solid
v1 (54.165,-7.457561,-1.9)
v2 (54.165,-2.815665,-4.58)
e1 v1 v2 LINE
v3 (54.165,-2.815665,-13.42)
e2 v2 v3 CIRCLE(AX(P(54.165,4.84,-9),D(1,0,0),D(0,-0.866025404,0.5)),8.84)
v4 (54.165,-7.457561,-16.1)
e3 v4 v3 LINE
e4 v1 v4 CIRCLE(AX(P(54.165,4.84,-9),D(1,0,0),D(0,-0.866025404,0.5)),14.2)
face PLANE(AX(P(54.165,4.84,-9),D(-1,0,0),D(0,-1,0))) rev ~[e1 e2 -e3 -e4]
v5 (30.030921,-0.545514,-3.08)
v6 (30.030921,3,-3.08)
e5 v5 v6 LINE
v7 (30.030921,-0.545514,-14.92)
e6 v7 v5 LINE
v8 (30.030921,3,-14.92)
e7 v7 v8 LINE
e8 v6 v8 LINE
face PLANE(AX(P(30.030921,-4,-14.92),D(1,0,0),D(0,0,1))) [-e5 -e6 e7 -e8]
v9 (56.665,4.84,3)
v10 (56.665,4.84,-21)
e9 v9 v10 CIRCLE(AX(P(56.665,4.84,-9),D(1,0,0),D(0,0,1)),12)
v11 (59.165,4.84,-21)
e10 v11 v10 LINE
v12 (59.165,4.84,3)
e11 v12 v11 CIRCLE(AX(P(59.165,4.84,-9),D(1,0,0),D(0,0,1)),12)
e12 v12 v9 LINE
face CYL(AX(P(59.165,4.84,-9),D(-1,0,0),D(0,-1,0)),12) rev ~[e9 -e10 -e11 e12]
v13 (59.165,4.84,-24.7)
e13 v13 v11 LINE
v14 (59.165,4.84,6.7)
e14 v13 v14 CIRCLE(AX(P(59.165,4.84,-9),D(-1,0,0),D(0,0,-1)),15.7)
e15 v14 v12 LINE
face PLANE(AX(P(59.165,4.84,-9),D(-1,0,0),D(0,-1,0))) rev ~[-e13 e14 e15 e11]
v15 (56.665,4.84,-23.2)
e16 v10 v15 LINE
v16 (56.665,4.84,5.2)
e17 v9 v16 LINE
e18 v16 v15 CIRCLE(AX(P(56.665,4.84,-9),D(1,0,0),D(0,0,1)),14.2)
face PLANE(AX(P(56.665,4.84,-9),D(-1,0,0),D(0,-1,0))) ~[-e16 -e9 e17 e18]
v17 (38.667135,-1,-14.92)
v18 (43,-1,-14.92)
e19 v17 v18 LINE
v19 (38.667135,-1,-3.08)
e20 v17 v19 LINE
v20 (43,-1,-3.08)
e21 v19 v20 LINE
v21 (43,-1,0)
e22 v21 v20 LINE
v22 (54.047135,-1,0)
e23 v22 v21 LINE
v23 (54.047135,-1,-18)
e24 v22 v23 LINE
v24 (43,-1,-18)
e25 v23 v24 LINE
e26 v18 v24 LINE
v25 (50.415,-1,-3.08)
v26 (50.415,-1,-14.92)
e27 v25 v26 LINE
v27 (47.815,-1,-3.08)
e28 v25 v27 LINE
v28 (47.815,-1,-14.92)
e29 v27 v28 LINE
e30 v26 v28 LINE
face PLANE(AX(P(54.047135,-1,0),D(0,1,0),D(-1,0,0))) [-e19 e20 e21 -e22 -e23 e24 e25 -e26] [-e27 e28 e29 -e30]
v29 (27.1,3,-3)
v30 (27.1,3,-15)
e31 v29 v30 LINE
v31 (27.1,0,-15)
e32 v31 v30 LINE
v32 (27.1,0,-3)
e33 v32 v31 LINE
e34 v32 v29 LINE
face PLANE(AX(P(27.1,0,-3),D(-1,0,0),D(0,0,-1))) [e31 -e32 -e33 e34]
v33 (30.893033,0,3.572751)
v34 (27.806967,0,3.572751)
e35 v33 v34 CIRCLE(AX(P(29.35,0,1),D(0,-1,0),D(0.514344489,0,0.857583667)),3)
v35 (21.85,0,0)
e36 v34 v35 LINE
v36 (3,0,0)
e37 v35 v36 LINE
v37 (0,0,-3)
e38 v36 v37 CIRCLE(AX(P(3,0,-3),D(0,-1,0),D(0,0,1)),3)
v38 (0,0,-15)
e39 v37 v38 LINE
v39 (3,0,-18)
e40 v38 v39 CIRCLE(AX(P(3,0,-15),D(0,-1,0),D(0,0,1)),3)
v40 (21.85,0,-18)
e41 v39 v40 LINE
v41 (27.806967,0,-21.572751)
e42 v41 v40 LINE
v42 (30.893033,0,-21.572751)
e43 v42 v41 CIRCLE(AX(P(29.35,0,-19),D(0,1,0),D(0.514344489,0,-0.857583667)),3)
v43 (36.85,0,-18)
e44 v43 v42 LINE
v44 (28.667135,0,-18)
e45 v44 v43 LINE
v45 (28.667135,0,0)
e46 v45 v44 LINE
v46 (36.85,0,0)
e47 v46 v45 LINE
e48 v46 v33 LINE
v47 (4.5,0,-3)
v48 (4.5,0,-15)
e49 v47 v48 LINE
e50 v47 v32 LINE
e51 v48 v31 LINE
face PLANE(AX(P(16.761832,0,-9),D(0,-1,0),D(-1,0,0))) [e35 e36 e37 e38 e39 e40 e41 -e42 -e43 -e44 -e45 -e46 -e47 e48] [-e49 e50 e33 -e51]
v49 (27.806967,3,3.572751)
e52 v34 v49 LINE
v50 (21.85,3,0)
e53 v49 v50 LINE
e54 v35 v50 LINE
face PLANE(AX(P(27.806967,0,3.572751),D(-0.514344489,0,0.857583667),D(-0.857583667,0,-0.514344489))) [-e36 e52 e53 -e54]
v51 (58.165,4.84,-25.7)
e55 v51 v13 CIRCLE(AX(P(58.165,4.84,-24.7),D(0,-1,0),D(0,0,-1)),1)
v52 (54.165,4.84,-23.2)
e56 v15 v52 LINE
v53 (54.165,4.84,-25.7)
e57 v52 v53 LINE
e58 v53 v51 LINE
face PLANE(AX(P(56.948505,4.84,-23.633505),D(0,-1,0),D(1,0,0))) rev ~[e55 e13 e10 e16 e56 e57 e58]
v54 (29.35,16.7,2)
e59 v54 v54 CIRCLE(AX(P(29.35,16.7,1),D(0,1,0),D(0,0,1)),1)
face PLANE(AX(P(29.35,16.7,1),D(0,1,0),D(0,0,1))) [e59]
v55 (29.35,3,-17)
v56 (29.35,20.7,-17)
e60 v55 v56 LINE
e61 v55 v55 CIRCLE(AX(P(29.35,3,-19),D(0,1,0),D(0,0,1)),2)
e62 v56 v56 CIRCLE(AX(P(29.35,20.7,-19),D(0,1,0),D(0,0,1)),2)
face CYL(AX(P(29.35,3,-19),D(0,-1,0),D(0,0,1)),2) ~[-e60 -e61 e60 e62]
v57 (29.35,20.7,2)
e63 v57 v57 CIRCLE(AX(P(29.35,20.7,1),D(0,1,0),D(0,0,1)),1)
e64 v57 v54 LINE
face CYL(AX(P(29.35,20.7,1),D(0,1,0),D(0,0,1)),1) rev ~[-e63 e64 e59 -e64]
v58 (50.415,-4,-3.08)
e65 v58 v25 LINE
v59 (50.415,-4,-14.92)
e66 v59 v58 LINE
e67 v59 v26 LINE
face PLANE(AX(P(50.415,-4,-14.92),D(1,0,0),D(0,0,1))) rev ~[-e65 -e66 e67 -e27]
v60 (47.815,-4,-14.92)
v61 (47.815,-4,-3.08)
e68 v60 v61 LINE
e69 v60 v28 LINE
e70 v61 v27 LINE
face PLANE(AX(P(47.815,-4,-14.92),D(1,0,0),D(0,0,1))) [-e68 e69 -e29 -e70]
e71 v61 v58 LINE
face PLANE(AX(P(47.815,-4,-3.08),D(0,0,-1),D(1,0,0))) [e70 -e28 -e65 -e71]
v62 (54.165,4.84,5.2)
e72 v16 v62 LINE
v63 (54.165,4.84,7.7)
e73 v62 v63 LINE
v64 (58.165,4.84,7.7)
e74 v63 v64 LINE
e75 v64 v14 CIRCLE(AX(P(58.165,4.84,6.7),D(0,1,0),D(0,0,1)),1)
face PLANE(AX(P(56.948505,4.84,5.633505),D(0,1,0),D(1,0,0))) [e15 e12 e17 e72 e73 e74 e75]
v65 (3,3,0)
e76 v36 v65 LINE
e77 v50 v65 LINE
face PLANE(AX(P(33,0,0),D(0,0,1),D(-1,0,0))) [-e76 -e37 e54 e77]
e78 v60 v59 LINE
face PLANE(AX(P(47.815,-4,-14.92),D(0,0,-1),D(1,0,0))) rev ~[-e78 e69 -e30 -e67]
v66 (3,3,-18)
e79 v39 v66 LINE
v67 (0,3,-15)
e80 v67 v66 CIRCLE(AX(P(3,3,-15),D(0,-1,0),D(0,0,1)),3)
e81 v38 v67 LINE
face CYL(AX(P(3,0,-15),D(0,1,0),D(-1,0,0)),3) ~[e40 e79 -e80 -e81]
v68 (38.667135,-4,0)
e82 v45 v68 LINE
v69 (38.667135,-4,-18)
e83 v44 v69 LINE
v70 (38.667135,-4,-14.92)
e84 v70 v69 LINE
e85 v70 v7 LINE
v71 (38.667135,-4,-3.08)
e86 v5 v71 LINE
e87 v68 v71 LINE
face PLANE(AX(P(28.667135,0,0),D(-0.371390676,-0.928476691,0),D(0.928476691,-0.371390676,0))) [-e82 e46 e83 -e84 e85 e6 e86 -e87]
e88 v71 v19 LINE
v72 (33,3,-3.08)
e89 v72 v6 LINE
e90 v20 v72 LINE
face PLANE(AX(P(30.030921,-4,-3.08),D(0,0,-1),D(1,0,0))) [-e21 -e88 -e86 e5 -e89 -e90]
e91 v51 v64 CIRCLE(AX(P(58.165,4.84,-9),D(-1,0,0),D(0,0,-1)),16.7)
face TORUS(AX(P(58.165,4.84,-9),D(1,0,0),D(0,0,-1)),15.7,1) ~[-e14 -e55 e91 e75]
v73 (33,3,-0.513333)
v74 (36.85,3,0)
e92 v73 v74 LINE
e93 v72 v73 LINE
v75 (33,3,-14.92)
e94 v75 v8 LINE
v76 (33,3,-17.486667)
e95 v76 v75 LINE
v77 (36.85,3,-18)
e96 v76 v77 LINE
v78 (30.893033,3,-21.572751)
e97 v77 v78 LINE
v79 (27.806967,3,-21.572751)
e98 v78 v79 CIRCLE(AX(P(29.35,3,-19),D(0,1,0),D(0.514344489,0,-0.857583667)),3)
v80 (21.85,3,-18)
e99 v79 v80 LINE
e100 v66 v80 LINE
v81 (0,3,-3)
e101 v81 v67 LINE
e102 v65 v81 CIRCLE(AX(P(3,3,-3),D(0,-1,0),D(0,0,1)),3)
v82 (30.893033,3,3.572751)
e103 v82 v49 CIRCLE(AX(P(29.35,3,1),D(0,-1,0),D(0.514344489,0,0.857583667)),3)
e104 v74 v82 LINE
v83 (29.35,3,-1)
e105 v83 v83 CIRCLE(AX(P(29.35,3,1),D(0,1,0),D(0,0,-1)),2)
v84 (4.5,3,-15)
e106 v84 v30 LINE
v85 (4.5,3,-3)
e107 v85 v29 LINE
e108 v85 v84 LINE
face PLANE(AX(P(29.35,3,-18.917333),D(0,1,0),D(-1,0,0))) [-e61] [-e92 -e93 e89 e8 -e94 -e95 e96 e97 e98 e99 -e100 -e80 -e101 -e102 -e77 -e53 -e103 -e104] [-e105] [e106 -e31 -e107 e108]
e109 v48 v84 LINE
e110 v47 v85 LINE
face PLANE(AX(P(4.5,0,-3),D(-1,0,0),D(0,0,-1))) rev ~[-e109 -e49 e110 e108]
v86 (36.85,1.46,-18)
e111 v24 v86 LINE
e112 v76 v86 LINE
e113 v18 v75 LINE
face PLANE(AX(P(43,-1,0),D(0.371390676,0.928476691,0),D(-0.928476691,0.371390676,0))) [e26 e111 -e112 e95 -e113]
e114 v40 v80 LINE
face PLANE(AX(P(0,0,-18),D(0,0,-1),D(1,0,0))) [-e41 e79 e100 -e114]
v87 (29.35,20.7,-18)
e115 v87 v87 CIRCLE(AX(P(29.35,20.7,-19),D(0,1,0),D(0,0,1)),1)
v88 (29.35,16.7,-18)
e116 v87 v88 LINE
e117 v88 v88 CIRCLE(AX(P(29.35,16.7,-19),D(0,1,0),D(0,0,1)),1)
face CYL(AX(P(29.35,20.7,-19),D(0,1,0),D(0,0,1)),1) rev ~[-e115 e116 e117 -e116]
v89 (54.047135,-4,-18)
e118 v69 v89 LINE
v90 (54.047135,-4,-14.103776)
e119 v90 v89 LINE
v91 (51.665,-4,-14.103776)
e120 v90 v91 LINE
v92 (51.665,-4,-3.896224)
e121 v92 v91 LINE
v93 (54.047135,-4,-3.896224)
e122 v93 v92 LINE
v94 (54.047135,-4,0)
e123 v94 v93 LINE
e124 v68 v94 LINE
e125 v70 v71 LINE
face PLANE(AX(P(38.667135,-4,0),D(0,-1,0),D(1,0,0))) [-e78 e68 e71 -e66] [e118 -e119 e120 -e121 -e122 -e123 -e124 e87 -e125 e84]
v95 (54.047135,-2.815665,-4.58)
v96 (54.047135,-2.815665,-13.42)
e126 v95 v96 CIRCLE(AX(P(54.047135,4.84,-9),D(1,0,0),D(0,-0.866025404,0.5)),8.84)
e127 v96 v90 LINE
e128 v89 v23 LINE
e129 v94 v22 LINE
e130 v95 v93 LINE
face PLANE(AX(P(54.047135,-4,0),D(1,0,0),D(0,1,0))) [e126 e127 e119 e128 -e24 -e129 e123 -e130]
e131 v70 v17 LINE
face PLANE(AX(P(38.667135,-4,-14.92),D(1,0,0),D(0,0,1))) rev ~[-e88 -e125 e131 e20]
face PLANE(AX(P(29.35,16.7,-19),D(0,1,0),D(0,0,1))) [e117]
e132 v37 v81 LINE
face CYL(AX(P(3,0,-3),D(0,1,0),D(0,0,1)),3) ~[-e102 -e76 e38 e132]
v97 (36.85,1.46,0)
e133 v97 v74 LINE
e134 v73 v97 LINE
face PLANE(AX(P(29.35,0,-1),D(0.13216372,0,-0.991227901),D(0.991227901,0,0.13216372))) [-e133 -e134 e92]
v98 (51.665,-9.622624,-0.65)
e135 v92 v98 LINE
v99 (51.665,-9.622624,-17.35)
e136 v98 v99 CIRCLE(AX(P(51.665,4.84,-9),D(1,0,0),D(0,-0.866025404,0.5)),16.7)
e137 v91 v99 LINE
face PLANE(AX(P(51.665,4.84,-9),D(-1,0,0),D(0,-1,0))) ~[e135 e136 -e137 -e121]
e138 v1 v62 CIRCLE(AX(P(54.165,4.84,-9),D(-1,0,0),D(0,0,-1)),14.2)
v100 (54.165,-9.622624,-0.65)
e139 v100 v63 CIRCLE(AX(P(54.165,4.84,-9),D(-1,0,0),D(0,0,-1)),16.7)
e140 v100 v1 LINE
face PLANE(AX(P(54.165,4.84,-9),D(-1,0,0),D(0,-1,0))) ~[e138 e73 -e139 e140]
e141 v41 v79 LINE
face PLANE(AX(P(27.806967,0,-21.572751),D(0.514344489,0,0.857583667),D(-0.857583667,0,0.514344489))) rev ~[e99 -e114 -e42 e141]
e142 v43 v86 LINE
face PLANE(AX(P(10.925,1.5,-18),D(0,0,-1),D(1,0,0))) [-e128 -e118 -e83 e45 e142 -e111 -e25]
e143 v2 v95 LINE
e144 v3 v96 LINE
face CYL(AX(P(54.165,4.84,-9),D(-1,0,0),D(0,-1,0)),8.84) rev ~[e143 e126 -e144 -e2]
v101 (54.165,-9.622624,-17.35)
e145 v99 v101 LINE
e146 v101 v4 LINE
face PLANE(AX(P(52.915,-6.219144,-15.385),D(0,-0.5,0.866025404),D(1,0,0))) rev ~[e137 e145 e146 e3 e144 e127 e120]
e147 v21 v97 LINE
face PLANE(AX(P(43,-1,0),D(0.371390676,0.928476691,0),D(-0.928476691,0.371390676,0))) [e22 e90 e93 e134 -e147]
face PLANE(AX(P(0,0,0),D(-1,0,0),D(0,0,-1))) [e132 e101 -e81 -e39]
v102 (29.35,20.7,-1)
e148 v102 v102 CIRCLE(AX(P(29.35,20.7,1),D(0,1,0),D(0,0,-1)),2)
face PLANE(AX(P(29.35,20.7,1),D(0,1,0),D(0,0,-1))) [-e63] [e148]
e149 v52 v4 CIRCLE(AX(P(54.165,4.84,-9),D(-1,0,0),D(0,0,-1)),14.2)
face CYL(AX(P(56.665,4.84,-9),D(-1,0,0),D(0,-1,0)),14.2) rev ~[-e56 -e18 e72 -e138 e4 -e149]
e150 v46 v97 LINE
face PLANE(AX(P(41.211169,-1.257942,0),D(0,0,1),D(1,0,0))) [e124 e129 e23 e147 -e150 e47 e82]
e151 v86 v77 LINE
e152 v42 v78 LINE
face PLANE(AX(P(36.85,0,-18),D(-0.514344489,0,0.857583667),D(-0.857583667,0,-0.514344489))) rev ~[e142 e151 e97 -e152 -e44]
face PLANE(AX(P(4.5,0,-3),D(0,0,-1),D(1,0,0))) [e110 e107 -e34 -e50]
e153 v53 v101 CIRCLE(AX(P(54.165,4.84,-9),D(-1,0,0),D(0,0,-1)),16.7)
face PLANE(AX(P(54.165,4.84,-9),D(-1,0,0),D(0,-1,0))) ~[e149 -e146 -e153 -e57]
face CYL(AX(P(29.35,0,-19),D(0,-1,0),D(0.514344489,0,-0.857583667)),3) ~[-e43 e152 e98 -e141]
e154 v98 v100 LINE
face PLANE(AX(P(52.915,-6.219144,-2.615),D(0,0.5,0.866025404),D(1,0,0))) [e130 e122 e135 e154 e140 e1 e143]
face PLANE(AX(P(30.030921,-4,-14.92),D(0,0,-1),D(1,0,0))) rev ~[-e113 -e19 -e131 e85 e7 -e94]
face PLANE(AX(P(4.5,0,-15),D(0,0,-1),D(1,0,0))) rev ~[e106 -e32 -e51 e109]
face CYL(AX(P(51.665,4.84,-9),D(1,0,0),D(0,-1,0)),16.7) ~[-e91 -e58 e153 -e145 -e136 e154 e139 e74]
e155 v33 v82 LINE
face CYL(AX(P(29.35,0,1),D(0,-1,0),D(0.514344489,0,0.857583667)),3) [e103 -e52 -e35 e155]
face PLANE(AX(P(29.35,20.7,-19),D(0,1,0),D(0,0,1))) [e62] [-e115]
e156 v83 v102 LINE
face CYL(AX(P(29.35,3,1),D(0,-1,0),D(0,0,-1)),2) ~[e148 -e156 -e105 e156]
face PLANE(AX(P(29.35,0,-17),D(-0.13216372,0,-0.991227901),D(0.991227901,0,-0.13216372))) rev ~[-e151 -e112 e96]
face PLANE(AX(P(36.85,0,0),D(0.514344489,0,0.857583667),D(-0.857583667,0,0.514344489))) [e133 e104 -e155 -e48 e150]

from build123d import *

# Parameters (mm, degrees)
SKETCH1_W                   = 22.6
SKETCH1_H                   = 12
BOSS_EXTRUDE1_DEPTH         = 3
BOSS_EXTRU_2_DEPTH          = 3
BOSS_EXTRU_1_REACH          = 45.022
ESQUISSE3_W                 = 8.636214684
ESQUISSE3_H                 = 11.84
ESQUISSE3_W_2               = 2.6
ENL_V_MAT_EXTRU_1_DEPTH     = 59.77153097
ESQUISSE6_R                 = 2
BOSS_EXTRU_3_DEPTH          = 17.7
ESQUISSE7_R                 = 1
ENL_V_MAT_EXTRU_3_DEPTH     = 4
R_VOLUTION1_ANGLE           = 90
R_VOLUTION1_OTHER_WAY_ANGLE = 90
REVOLVE1_ANGLE              = 30
REVOLVE1_OTHER_WAY_ANGLE    = 30
CONG_1_R                    = 3
CONG_2_R                    = 1
SKETCH3_W                   = 12.969079214
SKETCH3_H                   = 8.353445093
CUT_EXTRUDE1_DEPTH          = 11.84


with BuildPart() as part:
    # Sketch1 → Boss-Extrude1 (new body)
    with BuildSketch(Plane(origin=(0, 0, 0), x_dir=(1, 0, 0), z_dir=(0, 1, 0))):
        Polygon((33, 3), (33, 0), (0, 0), (0, 18), (33, 18), (33, 15), (31.6, 15), (31.6, 3), align=None)
        with Locations((15.8, 9)):
            Rectangle(SKETCH1_W, SKETCH1_H, mode=Mode.SUBTRACT)
    extrude(amount=BOSS_EXTRUDE1_DEPTH)

    # Esquisse4 → Boss.-Extru.2 (add)
    with BuildSketch(Plane.XZ):
        with BuildLine():
            Line((29.35, -17), (36.85, -18))
            Line((36.85, -18), (30.893033467, -21.572751002))
            ThreePointArc((30.893033467, -21.572751002), (29.35, -22), (27.806966533, -21.572751002))
            Line((27.806966533, -21.572751002), (21.85, -18))
            Line((21.85, -18), (29.35, -17))
        make_face()
        with BuildLine():
            Line((36.85, 0), (30.893033467, 3.572751002))
            ThreePointArc((30.893033467, 3.572751002), (29.35, 4), (27.806966533, 3.572751002))
            Line((27.806966533, 3.572751002), (21.85, 0))
            Line((21.85, 0), (29.35, -1))
            Line((29.35, -1), (36.85, 0))
        make_face()
    extrude(amount=-BOSS_EXTRU_2_DEPTH)

    # Boss.-Extru.1: up to this face of the body (flat: up to its plane)
    boss_extru_1_end = Plane(part.part.faces().sort_by_distance((10.925, 1.5, -18))[0])
    # Esquisse1 → Boss.-Extru.1 (add, up to the picked face)
    with BuildSketch(Plane.XY, mode=Mode.PRIVATE) as boss_extru_1_sk1:
        Polygon((43, -1), (33, 3), (28.66713547, 3), (28.66713547, 0), (38.66713547, -4), (54.04713547, -4), (54.04713547, -1), align=None)
    boss_extru_1_tool1 = split(extrude(boss_extru_1_sk1.sketch, amount=-BOSS_EXTRU_1_REACH, mode=Mode.PRIVATE), bisect_by=boss_extru_1_end, keep=Keep.BOTH, mode=Mode.PRIVATE)
    add(boss_extru_1_tool1.solids().sort_by(Axis((40.332957, -1.209124, 0), (0, 0, -1)))[0])

    # Esquisse3 → Enlèv. mat.-Extru.1 (cut, through all)
    with BuildSketch(Plane.XZ.offset(4)):
        with Locations((34.349028128, -9)):
            Rectangle(ESQUISSE3_W, ESQUISSE3_H)
        with Locations((49.115, -9)):
            Rectangle(ESQUISSE3_W_2, ESQUISSE3_H)
    extrude(amount=-ENL_V_MAT_EXTRU_1_DEPTH, mode=Mode.SUBTRACT)

    # Esquisse6 → Boss.-Extru.3 (add)
    with BuildSketch(Plane(origin=(0, 3, 0), x_dir=(1, 0, 0), z_dir=(0, 1, 0))):
        with Locations(Location((29.35, -1, 0), (0, 0, 90))):
            Circle(ESQUISSE6_R)
        with Locations(Location((29.35, 19, 0), (0, 0, 270))):
            Circle(ESQUISSE6_R)
    extrude(amount=BOSS_EXTRU_3_DEPTH)

    # Esquisse7 → Enlèv. mat.-Extru.3 (cut)
    with BuildSketch(Plane(origin=(0, 20.7, 0), x_dir=(1, 0, 0), z_dir=(0, 1, 0))):
        with Locations(Location((29.35, 19, 0), (0, 0, 270))):
            Circle(ESQUISSE7_R)
        with Locations(Location((29.35, -1, 0), (0, 0, 270))):
            Circle(ESQUISSE7_R)
    extrude(amount=-ENL_V_MAT_EXTRU_3_DEPTH, mode=Mode.SUBTRACT)



with BuildPart() as body_2:
    # Esquisse8 → Révolution1 (revolve)
    with BuildSketch(Plane.XY.offset(-9)):
        Polygon((56.665, -9.36), (54.165, -9.36), (54.165, -11.86), (59.165, -11.86), (59.165, -7.16), (56.665, -7.16), align=None)
    revolve(axis=Axis((74.438744763, 4.84, -9), (1, 0, 0)), revolution_arc=R_VOLUTION1_ANGLE)

    # Esquisse8 → Révolution1 other way (revolve)
    with BuildSketch(Plane.XY.offset(-9)):
        Polygon((56.665, -9.36), (54.165, -9.36), (54.165, -11.86), (59.165, -11.86), (59.165, -7.16), (56.665, -7.16), align=None)
    revolve(axis=Axis((74.438744763, 4.84, -9), (-1, 0, 0)), revolution_arc=R_VOLUTION1_OTHER_WAY_ANGLE)


with BuildPart() as part_1:
    add(part.part)

    add(body_2.part)  # Revolve1 merges body 2
    # Esquisse8<5> → Revolve1 (revolve)
    with BuildSketch(Plane.XY.offset(-9)):
        Polygon((54.165, -11.86), (54.165, -9.36), (54.165, -4), (51.665, -4), (51.665, -11.86), align=None)
    revolve(axis=Axis((74.438744763, 4.84, -9), (1, 0, 0)), revolution_arc=REVOLVE1_ANGLE)

    # Esquisse8<5> → Revolve1 other way (revolve)
    with BuildSketch(Plane.XY.offset(-9)):
        Polygon((54.165, -11.86), (54.165, -9.36), (54.165, -4), (51.665, -4), (51.665, -11.86), align=None)
    revolve(axis=Axis((74.438744763, 4.84, -9), (-1, 0, 0)), revolution_arc=REVOLVE1_OTHER_WAY_ANGLE)

    # Congé1
    cong_1_edges = [part_1.edges().sort_by_distance(p)[0] for p in [
        (0, 1.5, -18),
        (0, 1.5, 0),
    ]]
    fillet(cong_1_edges, radius=CONG_1_R)

    # Congé2
    cong_2_edges = [part_1.edges().sort_by_distance(p)[0] for p in [
        (59.165, -11.86, -9),
    ]]
    fillet(cong_2_edges, radius=CONG_2_R)

    # Sketch3 → Cut-Extrude1 (cut)
    with BuildSketch(Plane.XY.offset(-14.92)):
        with Locations((36.515460393, 3.176722547)):
            Rectangle(SKETCH3_W, SKETCH3_H)
    extrude(amount=CUT_EXTRUDE1_DEPTH, mode=Mode.SUBTRACT)


solid = part_1.part
